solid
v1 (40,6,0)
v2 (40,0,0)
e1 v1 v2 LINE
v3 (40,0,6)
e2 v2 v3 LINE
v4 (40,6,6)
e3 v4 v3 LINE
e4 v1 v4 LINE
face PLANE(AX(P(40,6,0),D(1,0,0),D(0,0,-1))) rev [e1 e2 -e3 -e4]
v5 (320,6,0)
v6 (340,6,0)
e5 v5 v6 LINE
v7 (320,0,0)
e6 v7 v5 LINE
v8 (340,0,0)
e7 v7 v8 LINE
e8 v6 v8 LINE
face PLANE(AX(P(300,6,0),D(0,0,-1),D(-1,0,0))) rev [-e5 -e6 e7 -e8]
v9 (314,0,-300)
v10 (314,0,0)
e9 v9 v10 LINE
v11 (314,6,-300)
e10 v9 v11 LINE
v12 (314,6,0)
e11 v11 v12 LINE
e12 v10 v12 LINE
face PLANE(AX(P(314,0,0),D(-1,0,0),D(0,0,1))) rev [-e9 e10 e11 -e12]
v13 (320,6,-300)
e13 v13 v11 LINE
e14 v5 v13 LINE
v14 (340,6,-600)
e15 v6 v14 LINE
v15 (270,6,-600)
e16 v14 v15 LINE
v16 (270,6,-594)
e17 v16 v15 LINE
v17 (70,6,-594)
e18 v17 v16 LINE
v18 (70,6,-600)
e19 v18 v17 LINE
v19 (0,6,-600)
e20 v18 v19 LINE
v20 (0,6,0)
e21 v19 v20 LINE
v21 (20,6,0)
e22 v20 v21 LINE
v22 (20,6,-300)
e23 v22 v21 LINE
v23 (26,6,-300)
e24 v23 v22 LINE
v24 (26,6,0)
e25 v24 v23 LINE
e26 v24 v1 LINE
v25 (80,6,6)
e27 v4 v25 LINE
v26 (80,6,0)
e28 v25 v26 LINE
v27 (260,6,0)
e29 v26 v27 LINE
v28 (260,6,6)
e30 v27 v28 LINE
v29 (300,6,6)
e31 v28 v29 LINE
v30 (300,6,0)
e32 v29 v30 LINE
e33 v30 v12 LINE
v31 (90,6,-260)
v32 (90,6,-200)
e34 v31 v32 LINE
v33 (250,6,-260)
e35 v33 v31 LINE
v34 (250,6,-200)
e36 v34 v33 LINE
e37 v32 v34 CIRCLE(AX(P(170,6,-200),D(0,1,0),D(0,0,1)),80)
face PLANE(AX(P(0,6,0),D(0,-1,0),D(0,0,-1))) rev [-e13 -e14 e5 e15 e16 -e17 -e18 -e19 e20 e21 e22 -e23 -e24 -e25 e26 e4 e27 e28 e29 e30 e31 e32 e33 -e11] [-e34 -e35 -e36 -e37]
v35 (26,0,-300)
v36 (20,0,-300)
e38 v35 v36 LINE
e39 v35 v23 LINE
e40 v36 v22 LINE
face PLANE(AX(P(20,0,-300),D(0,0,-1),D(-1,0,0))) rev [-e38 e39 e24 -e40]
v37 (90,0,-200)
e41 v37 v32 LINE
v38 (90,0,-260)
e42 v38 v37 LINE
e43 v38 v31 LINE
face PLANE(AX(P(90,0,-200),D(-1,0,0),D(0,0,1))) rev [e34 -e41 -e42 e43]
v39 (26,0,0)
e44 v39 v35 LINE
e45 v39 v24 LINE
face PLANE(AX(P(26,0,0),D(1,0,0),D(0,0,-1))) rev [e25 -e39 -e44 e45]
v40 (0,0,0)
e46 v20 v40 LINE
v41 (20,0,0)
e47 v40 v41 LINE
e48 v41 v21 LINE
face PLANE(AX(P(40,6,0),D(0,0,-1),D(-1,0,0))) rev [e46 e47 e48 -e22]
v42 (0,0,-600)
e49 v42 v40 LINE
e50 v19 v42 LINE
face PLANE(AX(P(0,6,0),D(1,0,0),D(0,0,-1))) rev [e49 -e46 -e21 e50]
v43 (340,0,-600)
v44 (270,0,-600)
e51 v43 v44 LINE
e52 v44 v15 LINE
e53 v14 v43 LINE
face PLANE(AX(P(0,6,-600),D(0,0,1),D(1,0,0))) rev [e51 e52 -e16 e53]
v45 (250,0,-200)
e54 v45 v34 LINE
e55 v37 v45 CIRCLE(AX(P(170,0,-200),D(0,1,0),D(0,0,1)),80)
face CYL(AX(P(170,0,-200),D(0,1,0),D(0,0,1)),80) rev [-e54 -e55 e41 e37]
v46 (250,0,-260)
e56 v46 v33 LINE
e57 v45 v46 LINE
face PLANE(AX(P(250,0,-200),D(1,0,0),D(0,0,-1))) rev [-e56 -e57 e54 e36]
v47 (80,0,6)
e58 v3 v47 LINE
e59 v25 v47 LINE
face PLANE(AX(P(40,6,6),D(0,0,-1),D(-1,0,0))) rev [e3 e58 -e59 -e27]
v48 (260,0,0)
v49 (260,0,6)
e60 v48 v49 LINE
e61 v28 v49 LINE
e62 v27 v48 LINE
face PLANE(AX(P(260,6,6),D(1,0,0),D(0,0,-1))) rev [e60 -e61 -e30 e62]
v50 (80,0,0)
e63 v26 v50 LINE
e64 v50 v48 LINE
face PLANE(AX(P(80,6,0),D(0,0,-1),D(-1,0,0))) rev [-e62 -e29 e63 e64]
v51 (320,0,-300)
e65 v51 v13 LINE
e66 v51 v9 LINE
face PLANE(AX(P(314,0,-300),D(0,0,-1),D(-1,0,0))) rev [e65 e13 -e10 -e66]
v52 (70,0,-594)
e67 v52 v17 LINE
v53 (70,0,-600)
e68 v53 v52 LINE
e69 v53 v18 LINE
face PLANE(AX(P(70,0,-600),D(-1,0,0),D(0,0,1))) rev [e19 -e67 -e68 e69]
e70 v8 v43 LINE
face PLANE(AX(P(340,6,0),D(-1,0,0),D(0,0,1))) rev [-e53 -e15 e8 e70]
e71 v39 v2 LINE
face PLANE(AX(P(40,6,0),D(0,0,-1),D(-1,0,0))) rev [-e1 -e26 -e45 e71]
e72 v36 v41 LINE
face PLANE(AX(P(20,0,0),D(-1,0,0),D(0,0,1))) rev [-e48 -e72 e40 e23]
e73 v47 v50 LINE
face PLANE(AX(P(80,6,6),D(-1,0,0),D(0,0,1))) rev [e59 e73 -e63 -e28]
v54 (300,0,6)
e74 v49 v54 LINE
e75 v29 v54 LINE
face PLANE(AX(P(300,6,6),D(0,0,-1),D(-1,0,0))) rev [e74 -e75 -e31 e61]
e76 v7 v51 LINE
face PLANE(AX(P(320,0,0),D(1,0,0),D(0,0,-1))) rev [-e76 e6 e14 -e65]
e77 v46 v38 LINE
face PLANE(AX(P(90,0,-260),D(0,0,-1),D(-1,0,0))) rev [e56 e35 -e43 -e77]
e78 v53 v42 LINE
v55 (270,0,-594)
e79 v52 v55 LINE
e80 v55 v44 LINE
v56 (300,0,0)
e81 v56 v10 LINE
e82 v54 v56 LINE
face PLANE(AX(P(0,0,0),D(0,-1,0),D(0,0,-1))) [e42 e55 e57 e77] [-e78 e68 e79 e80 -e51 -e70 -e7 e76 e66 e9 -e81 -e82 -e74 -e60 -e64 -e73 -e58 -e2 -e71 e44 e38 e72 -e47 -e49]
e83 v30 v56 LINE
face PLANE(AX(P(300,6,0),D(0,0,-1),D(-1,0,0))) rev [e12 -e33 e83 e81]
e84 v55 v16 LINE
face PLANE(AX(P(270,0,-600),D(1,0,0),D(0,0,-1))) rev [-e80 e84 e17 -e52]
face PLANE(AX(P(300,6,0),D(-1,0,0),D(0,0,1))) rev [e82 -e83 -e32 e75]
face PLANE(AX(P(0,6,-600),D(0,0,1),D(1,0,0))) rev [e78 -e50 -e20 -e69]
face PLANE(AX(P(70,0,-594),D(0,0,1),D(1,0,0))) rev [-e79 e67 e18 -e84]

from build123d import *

# Parameters (mm, degrees)
BOSS_EXTRUDE1_DEPTH = 6
SKETCH2_W           = 6
SKETCH2_H           = 300
CUT_EXTRUDE1_DEPTH  = 6
LPATTERN1_COUNT     = 2
LPATTERN1_PITCH     = 294
SKETCH3_W           = 200
SKETCH3_H           = 6
CUT_EXTRUDE2_DEPTH  = 6


with BuildPart() as part:
    # Sketch1 → Boss-Extrude1 (new body)
    with BuildSketch(Plane(origin=(0, 0, 0), x_dir=(1, 0, 0), z_dir=(0, 1, 0))):
        Polygon((300, 0), (300, -6), (260, -6), (260, 0), (80, 0), (80, -6), (40, -6), (40, 0), (0, 0), (0, 600), (340, 600), (340, 0), align=None)
    extrude(amount=BOSS_EXTRUDE1_DEPTH)

    # Sketch2 → Cut-Extrude1 (cut)
    with BuildSketch(Plane(origin=(0, 6, 0), x_dir=(1, 0, 0), z_dir=(0, 1, 0))):
        with Locations((23, 150)):
            Rectangle(SKETCH2_W, SKETCH2_H)
    cut_extrude1 = extrude(amount=-CUT_EXTRUDE1_DEPTH, mode=Mode.SUBTRACT)

    # LPattern1: Cut-Extrude1 ×2
    with Locations(*[(i * LPATTERN1_PITCH, 0, 0) for i in range(1, LPATTERN1_COUNT)]):
        add(cut_extrude1, mode=Mode.SUBTRACT)

    # Sketch3 → Cut-Extrude2 (cut)
    with BuildSketch(Plane(origin=(0, 6, 0), x_dir=(1, 0, 0), z_dir=(0, 1, 0))):
        with BuildLine():
            Line((90, 200), (90, 260))
            Line((90, 260), (250, 260))
            Line((250, 260), (250, 200))
            ThreePointArc((250, 200), (170, 120), (90, 200))
        make_face()
        with Locations((170, 597)):
            Rectangle(SKETCH3_W, SKETCH3_H)
    extrude(amount=-CUT_EXTRUDE2_DEPTH, mode=Mode.SUBTRACT)


solid = part.part
